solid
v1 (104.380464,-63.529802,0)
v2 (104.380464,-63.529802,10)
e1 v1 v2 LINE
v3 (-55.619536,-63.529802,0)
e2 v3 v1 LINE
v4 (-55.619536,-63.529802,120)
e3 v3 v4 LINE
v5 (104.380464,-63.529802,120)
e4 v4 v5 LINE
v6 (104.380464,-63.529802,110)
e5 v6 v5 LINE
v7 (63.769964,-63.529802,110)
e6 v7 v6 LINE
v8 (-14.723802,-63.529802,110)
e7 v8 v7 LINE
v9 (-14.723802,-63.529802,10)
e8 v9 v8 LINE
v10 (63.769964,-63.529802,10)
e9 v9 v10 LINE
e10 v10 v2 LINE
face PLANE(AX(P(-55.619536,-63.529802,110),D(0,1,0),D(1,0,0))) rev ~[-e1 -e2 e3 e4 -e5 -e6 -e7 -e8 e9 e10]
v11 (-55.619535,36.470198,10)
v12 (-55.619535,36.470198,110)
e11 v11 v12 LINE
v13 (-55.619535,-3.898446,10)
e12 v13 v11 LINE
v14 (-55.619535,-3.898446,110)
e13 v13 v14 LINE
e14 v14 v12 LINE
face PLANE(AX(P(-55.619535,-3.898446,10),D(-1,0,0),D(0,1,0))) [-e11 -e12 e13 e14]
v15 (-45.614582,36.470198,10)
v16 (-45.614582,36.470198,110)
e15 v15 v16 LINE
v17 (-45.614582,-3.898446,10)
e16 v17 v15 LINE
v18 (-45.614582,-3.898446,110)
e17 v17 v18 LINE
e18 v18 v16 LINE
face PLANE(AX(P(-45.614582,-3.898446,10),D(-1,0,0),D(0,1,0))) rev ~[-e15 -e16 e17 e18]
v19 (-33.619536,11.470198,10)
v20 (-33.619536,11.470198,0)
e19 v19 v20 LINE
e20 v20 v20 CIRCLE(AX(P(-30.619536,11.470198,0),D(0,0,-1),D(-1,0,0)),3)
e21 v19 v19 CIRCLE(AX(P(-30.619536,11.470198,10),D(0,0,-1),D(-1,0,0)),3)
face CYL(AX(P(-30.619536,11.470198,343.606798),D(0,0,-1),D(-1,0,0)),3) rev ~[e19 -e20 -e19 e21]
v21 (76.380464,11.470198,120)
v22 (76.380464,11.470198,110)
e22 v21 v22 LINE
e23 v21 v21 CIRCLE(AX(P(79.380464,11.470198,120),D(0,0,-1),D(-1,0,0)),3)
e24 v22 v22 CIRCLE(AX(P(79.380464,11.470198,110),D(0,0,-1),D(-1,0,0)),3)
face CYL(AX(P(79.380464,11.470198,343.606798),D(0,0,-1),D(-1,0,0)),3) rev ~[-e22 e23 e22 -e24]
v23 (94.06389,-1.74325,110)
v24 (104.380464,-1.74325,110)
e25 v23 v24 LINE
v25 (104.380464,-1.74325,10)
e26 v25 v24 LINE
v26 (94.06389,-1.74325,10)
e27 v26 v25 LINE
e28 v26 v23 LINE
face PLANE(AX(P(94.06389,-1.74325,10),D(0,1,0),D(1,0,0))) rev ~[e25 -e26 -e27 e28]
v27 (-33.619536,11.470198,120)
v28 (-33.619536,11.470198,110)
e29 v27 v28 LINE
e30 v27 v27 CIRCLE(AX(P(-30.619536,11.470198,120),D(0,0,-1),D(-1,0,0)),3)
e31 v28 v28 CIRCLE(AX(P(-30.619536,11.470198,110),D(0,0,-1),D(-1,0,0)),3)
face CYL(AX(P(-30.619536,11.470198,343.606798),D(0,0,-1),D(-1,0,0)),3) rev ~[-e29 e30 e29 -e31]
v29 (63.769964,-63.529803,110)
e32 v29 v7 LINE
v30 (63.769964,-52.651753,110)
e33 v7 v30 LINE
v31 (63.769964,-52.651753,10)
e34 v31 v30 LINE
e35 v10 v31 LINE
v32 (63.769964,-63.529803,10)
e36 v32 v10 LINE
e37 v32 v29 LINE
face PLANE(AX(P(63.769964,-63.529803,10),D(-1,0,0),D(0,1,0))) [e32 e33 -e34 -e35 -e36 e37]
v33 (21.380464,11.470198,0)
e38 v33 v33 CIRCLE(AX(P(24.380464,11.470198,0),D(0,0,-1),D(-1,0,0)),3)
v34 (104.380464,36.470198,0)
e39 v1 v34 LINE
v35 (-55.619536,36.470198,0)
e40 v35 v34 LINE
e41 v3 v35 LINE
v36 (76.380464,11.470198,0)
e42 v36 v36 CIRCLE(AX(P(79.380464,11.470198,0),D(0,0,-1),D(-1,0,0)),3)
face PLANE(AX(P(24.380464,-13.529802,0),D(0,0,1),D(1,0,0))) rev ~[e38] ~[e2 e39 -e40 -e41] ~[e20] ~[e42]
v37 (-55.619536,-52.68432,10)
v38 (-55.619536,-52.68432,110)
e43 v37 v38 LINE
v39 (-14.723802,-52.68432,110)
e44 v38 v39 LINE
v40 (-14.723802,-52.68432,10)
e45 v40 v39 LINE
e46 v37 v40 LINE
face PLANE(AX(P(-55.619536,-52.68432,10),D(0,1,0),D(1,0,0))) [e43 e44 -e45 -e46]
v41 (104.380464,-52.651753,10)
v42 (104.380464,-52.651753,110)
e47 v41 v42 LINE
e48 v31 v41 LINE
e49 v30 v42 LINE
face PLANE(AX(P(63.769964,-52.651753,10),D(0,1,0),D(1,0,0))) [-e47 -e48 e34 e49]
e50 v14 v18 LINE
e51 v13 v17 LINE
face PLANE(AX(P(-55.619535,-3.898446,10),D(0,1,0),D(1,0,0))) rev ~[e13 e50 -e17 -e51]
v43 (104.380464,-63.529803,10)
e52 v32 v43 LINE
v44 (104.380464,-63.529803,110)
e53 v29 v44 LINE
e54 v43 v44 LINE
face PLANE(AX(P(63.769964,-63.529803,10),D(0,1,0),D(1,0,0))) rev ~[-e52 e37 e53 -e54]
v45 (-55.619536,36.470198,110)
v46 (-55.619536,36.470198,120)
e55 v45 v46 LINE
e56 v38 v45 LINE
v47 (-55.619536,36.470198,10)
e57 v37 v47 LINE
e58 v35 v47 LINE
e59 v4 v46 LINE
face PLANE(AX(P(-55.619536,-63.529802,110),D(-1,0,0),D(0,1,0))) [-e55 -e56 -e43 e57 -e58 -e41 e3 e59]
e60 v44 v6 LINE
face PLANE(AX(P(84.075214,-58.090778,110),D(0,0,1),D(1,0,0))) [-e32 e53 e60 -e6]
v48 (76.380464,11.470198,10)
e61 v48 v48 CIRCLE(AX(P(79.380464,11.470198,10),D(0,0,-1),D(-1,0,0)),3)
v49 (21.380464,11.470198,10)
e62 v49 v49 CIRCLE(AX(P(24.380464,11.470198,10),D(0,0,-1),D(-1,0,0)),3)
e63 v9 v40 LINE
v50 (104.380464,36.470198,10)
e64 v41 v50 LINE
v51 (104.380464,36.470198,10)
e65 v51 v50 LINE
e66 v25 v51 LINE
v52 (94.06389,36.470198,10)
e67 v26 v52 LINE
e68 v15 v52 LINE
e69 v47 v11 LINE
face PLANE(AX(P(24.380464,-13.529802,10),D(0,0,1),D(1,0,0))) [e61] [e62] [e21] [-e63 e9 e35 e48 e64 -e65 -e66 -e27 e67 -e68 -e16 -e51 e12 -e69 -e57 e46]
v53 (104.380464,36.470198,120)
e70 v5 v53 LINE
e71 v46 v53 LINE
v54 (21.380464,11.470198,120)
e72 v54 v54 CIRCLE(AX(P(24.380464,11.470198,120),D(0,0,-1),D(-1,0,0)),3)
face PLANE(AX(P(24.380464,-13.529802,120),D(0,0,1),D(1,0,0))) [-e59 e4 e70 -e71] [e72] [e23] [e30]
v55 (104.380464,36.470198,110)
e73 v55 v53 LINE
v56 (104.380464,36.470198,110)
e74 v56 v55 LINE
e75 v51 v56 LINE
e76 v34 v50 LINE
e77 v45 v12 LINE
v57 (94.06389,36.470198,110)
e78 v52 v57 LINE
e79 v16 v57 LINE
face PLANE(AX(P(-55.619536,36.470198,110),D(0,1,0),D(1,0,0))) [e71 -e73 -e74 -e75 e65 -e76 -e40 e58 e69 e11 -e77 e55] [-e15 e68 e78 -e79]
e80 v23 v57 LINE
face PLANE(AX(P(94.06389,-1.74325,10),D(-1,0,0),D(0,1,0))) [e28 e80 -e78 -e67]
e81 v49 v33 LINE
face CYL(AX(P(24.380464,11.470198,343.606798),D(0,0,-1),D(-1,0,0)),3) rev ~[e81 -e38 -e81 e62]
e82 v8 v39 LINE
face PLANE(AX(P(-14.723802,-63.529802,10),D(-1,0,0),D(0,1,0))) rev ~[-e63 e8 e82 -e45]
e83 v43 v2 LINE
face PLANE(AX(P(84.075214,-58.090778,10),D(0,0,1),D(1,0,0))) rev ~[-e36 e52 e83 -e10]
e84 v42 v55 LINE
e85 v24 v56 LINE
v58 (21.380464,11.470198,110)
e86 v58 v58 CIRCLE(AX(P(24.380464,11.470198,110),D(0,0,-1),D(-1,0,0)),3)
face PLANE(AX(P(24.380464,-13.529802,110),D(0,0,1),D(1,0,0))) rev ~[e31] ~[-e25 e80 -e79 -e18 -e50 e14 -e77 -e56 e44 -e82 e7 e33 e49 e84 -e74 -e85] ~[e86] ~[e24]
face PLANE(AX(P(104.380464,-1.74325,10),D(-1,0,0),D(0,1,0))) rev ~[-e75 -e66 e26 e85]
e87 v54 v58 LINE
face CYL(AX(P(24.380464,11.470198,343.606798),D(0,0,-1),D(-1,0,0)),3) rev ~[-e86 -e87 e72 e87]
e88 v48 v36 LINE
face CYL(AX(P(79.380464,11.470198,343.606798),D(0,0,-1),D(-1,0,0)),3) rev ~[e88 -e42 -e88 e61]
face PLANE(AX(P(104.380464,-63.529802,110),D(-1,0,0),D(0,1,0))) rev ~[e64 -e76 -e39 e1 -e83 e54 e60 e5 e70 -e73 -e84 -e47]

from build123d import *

# Parameters (mm, degrees)
F0_W      = 160
F0_H      = 100
F1_DEPTH  = 10
F2_W      = 40.895734
F2_H      = 10.845482
F3_DEPTH  = 100
F4_W      = 40.6105
F4_H      = 10.878049
F5_DEPTH  = 100
F6_W      = 10.316573
F6_H      = 38.213448
F7_DEPTH  = 100
F8_W      = 10.004953
F8_H      = 40.368644
F9_DEPTH  = 100
F10_W     = 160
F10_H     = 100
F11_DEPTH = 10
F13_D     = 6


with BuildPart() as f1:
    # F0 (on Top) → F1 (new body)
    with BuildSketch(Plane.XY):
        with Locations((24.380464, -13.529802)):
            Rectangle(F0_W, F0_H)
    extrude(amount=F1_DEPTH)

    # F2 (on face) → F3 (join)
    with BuildSketch(Plane.XY.offset(10)):
        with Locations((-35.171669, -58.107061)):
            Rectangle(F2_W, F2_H)
    extrude(amount=F3_DEPTH)

    # F4 (on face) → F5 (join)
    with BuildSketch(Plane.XY.offset(10)):
        with Locations((84.075214, -58.090778)):
            Rectangle(F4_W, F4_H)
    extrude(amount=F5_DEPTH)

    # F6 (on face) → F7 (join)
    with BuildSketch(Plane.XY.offset(10)):
        with Locations((99.222177, 17.363474)):
            Rectangle(F6_W, F6_H)
    extrude(amount=F7_DEPTH)

    # F8 (on face) → F9 (join)
    with BuildSketch(Plane.XY.offset(10)):
        with Locations((-50.617059, 16.285876)):
            Rectangle(F8_W, F8_H)
    extrude(amount=F9_DEPTH)

    # F10 (on face) → F11 (join)
    with BuildSketch(Plane.XY.offset(110)):
        with Locations((24.380464, -13.529802)):
            Rectangle(F10_W, F10_H)
    extrude(amount=F11_DEPTH)

    # F13 (through all)
    with Locations(Plane.XY.offset(120)):
        with Locations((79.380464, 11.470198), (24.380464, 11.470198), (-30.619536, 11.470198)):
            Hole(F13_D / 2)


solid = f1.part
